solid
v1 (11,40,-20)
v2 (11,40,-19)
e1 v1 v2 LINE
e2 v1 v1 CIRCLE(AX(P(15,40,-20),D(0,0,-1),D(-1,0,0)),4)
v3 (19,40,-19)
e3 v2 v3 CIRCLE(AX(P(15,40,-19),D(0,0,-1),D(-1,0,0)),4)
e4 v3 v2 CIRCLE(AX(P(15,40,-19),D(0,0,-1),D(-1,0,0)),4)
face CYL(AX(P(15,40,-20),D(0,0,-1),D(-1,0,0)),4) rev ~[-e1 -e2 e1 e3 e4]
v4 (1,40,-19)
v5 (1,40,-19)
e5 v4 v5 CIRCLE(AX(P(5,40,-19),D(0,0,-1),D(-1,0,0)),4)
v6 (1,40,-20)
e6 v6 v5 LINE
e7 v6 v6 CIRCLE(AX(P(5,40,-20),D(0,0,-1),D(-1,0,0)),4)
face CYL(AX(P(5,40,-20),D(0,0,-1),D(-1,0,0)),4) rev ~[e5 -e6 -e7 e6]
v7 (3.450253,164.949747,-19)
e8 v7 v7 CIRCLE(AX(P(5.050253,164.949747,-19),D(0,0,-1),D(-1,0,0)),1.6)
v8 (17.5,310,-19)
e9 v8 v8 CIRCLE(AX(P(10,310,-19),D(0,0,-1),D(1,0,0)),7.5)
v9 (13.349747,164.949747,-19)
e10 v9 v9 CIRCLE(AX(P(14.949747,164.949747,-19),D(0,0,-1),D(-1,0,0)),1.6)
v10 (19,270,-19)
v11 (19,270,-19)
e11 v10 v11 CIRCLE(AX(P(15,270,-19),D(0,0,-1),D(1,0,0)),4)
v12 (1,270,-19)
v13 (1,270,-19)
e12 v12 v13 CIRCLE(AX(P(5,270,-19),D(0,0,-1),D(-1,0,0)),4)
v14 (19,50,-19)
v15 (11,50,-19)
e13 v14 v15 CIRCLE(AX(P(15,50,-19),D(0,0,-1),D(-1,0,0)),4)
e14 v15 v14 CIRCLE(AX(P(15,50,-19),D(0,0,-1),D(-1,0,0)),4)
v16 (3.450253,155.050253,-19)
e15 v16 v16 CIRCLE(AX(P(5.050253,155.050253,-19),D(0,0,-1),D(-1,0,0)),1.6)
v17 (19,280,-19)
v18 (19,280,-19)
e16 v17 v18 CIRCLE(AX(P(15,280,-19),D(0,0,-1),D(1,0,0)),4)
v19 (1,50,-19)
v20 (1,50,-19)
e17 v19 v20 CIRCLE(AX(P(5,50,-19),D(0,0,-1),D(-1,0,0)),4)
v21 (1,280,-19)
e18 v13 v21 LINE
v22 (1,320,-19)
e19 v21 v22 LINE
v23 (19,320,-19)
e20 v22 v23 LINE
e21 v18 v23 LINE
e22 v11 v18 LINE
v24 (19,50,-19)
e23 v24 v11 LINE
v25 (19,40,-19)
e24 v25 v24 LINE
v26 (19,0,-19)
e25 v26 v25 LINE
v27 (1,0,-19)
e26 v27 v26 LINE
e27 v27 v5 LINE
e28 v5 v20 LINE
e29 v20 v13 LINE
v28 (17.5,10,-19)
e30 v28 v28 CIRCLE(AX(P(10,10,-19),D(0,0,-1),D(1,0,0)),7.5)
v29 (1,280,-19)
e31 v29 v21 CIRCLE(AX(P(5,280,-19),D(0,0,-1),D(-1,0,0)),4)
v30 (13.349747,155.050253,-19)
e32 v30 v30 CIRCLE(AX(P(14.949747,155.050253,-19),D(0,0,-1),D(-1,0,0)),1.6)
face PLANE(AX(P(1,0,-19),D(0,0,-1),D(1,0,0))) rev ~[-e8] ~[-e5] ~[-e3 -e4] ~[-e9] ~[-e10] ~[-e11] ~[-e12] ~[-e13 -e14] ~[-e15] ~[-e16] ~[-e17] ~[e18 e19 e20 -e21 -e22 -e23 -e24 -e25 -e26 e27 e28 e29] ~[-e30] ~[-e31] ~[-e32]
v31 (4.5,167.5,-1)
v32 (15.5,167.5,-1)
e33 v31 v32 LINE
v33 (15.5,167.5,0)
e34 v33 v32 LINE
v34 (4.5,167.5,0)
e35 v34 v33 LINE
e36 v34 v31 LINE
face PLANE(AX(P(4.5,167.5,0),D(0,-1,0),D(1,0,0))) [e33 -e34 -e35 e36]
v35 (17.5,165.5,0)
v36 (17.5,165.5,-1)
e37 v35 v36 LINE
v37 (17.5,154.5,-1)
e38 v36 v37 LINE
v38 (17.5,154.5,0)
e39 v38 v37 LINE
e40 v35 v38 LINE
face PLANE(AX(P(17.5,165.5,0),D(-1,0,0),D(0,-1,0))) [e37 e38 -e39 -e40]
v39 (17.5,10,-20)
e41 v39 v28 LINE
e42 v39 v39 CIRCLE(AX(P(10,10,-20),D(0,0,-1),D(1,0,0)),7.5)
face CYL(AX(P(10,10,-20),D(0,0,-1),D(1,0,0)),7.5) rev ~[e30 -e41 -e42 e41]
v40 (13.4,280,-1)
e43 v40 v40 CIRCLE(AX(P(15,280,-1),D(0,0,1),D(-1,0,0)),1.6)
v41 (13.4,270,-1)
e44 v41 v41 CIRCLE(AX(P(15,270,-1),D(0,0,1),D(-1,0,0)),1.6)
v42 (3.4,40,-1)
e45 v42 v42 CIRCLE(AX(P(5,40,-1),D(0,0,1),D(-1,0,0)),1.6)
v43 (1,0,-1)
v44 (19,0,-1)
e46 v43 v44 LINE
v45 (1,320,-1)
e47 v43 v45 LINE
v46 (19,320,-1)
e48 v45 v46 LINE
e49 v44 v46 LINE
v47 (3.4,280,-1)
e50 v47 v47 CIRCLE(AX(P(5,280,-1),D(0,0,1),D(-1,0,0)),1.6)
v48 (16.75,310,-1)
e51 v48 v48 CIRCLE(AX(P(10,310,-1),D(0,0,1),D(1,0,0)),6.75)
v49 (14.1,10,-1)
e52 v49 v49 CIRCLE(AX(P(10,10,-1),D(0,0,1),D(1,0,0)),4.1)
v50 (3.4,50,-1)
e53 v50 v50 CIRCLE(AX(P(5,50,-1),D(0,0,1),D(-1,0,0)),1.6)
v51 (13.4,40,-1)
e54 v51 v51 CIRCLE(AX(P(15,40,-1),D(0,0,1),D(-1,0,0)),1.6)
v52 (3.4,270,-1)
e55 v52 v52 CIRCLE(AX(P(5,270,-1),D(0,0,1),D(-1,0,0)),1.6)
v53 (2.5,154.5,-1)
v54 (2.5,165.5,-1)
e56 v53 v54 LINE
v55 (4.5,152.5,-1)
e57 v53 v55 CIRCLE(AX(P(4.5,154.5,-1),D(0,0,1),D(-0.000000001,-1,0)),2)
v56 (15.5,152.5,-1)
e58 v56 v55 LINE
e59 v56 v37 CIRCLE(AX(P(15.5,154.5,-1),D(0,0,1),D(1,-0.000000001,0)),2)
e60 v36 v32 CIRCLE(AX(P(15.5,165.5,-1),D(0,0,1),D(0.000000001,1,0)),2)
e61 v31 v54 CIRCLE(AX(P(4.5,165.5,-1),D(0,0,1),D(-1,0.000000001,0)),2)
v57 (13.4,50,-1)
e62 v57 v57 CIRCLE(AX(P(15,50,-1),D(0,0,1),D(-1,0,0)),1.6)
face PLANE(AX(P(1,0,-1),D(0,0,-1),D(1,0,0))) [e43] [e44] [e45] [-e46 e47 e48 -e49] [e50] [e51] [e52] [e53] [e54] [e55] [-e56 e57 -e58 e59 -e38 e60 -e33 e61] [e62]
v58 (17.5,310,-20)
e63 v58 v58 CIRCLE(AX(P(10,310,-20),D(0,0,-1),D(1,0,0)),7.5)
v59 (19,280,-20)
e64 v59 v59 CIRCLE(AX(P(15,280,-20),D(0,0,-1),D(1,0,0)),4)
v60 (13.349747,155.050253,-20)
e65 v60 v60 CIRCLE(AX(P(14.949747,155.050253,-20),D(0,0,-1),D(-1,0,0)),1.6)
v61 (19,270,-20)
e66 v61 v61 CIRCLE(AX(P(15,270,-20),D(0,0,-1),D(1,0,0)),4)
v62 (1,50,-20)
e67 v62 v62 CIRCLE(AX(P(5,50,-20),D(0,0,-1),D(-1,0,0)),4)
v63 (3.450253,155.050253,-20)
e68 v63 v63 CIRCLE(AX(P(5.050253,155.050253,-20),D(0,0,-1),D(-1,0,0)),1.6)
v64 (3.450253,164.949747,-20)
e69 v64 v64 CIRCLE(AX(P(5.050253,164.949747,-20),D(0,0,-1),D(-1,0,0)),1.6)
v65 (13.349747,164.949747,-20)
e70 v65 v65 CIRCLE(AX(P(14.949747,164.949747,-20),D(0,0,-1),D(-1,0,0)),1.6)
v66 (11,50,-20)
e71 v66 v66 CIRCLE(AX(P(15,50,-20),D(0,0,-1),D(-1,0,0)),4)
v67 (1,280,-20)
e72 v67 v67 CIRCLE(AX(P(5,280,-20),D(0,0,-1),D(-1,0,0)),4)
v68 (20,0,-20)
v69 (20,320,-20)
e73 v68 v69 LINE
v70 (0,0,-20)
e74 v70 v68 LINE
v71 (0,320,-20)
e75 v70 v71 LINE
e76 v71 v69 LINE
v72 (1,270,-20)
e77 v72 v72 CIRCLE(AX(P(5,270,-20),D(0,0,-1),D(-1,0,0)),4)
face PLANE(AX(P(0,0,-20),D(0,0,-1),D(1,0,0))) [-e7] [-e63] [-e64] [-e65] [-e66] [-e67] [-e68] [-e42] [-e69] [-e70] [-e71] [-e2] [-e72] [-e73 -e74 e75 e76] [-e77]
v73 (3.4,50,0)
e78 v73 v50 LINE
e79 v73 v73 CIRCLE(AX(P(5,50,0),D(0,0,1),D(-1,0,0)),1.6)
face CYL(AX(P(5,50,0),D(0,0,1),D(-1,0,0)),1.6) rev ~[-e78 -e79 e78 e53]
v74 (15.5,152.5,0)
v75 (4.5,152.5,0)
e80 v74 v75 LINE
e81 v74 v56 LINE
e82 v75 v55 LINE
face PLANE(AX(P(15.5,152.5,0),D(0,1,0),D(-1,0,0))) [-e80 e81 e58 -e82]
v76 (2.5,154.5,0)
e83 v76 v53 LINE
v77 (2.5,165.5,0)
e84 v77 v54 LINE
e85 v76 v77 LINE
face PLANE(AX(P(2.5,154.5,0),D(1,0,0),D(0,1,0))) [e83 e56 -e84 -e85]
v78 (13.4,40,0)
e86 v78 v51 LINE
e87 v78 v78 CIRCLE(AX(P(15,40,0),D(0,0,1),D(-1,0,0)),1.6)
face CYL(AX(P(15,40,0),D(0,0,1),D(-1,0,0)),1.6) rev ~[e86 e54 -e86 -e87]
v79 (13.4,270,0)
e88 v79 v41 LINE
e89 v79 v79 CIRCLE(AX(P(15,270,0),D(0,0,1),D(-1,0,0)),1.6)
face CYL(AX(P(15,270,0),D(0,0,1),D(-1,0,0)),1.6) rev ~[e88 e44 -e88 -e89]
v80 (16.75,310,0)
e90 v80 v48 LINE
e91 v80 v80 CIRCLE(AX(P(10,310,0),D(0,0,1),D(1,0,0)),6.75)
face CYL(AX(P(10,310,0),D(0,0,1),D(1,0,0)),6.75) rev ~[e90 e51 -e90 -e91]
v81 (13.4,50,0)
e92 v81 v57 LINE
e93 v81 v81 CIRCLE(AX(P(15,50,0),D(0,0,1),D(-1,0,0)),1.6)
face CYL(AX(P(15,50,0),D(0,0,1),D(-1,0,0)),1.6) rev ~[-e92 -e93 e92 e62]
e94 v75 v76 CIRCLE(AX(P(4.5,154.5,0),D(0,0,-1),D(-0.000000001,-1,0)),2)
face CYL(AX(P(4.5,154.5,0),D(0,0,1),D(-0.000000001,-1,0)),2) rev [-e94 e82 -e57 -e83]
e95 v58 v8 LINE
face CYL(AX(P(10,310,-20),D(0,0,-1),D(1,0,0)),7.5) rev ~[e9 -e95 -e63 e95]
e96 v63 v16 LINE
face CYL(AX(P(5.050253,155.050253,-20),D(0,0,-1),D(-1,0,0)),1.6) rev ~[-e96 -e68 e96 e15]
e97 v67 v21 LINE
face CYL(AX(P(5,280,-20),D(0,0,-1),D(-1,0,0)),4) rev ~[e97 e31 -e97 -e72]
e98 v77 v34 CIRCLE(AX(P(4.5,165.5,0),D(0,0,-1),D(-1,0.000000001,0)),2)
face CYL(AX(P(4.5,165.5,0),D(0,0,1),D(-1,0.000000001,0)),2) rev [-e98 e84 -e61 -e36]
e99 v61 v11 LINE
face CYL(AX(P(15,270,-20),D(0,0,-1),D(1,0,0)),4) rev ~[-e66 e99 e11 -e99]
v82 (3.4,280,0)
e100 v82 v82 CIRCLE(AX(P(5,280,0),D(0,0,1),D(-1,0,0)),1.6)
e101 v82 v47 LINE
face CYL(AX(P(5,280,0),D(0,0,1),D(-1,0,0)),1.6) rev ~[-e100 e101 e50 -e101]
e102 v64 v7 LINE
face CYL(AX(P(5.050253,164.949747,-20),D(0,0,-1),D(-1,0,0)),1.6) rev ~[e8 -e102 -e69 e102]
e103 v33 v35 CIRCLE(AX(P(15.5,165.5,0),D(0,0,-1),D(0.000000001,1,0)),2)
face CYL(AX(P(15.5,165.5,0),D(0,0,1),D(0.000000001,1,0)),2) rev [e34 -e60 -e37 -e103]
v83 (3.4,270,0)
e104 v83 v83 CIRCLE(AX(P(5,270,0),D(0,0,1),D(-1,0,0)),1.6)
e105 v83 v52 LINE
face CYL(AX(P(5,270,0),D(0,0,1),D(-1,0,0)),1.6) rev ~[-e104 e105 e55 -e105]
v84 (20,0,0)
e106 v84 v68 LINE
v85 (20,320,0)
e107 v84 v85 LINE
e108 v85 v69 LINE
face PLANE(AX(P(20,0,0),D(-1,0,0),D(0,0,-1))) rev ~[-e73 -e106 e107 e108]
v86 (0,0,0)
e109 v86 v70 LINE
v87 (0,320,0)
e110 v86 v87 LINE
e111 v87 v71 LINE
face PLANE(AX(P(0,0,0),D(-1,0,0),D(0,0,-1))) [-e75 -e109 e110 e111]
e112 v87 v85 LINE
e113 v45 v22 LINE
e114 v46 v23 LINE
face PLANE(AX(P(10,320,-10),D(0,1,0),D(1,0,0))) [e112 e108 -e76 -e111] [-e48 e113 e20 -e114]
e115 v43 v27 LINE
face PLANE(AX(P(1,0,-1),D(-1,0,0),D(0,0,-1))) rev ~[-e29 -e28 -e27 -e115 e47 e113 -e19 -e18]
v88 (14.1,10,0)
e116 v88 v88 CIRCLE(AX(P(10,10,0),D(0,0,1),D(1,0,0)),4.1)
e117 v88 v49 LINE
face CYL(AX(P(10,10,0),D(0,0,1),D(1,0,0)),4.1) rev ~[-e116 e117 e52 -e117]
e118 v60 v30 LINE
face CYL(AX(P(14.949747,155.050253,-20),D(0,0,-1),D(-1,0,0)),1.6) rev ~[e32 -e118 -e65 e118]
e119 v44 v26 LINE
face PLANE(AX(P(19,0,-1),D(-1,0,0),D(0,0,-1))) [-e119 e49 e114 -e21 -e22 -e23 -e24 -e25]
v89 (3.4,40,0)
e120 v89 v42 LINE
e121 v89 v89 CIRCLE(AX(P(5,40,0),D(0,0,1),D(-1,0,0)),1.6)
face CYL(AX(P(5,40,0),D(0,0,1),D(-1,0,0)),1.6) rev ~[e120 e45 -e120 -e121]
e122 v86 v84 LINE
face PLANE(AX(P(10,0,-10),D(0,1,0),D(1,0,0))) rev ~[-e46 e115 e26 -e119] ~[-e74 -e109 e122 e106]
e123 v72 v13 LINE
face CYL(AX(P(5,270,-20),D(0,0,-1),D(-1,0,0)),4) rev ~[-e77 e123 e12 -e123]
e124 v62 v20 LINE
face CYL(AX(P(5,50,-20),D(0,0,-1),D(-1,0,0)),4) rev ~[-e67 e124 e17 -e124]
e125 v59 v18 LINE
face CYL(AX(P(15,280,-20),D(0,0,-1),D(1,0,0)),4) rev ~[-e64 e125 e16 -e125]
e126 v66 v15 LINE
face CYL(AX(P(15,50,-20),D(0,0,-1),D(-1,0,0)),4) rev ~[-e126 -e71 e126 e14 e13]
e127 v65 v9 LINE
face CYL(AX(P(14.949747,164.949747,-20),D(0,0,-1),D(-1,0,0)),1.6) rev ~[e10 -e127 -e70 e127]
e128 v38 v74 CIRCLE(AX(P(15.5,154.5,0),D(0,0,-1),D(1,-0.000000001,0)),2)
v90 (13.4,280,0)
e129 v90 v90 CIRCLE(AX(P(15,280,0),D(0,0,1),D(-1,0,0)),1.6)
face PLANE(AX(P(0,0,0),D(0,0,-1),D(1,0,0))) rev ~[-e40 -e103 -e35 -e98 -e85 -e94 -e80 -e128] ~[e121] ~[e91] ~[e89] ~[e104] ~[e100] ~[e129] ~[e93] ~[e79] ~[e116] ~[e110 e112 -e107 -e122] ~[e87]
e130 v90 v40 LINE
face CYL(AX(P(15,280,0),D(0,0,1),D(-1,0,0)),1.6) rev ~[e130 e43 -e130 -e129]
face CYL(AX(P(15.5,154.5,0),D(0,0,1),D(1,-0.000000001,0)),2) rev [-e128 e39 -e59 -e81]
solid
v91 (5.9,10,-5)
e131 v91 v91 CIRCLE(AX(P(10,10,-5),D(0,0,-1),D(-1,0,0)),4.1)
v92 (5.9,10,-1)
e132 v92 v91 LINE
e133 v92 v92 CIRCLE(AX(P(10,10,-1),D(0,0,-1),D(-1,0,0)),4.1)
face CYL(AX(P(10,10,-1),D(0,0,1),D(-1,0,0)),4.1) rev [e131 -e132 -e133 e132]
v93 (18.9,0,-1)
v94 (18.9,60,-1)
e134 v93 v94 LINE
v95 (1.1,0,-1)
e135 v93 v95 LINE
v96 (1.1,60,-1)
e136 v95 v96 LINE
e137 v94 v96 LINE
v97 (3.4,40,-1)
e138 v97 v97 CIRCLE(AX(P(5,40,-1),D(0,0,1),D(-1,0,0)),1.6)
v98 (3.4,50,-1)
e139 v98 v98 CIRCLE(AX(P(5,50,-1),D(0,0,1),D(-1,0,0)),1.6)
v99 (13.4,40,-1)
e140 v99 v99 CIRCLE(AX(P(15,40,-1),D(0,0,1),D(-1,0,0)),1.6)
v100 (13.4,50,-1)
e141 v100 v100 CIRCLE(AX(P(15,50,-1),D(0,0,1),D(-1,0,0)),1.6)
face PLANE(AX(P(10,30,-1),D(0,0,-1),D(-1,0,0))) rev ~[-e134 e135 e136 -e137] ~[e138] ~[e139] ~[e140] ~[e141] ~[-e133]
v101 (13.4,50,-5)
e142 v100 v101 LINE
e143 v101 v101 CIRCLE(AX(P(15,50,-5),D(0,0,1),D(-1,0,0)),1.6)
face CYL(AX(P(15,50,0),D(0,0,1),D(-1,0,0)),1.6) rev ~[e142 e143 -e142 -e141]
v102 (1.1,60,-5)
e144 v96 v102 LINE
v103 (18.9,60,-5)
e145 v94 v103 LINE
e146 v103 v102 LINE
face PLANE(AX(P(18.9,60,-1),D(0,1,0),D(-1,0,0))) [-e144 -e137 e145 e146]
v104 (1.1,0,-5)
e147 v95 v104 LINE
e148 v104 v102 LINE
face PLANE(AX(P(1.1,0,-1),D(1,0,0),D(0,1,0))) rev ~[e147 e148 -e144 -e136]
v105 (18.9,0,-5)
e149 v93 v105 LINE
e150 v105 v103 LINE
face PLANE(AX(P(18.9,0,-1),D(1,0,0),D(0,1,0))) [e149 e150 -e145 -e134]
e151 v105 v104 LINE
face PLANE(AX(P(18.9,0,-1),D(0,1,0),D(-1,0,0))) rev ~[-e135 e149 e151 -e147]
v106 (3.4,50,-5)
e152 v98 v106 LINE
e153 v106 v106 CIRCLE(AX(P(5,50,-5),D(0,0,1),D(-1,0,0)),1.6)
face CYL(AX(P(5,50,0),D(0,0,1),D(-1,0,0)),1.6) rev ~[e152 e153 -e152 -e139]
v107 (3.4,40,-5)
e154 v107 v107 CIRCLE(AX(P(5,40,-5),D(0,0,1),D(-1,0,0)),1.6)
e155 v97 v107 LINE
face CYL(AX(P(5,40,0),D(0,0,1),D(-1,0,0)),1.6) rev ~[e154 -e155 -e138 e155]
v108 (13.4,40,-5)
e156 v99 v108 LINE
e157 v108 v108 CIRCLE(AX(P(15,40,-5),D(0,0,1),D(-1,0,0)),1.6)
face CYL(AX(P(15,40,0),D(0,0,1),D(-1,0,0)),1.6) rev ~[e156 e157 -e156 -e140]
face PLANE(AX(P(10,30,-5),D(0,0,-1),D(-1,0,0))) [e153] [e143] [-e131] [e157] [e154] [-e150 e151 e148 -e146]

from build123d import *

# Parameters (mm, degrees)
SKETCH_1_W                      = 20
SKETCH_1_H                      = 20
SKETCH_1_W_2                    = 18
SKETCH_1_H_2                    = 18
EXTRUDE_1_DEPTH                 = 320
SKETCH_2_R                      = 1.6
CUT_EXTRUDE_1_DEPTH             = 322.247568084
CUT_EXTRUDE_2_REACH             = 323.248
SKETCH_4_R                      = 4.1
SKETCH_4_R_2                    = 6.75
CUT_EXTRUDE_3_DEPTH             = 322.247568084
CUT_EXTRUDE_4_REACH             = 323.248
SKETCH_5_R                      = 7.5
CUT_EXTRUDE_4_DIRECTION_2_DEPTH = 322.247568084
SKETCH_8_W                      = 17.8
SKETCH_8_H                      = 60
SKETCH_8_R                      = 4.1
EXTRUDE_3_DEPTH                 = 4
SKETCH_9_R                      = 1.6
CUT_EXTRUDE_5_DEPTH             = 322.247568084
SKETCH_10_R                     = 4
CUT_EXTRUDE_6_DEPTH             = 1


with BuildPart() as part:
    # 草图1 → 凸台-拉伸1 (new body)
    with BuildSketch(Plane(origin=(0, 0, 0), x_dir=(1, 0, 0), z_dir=(0, 1, 0))):
        with Locations((10, 10)):
            Rectangle(SKETCH_1_W, SKETCH_1_H)
        with Locations((10, 10)):
            Rectangle(SKETCH_1_W_2, SKETCH_1_H_2, mode=Mode.SUBTRACT)
    extrude(amount=EXTRUDE_1_DEPTH)

    # 草图2 → 切除-拉伸1 (cut, through all)
    with BuildSketch(Plane(origin=(0, 0, -20), x_dir=(-1, 0, 0), z_dir=(0, 0, -1))):
        with Locations((-14.949747468, 155.050252532)):
            Circle(SKETCH_2_R)
        with Locations((-14.949747468, 164.949747468)):
            Circle(SKETCH_2_R)
        with Locations((-5.050252532, 164.949747468)):
            Circle(SKETCH_2_R)
        with Locations((-5.050252532, 155.050252532)):
            Circle(SKETCH_2_R)
    extrude(amount=-CUT_EXTRUDE_1_DEPTH, mode=Mode.SUBTRACT)

    # 草图3 → 切除-拉伸2 (cut, up to next)
    with BuildSketch(Plane.XY, mode=Mode.PRIVATE) as cut_extrude_2_sk1:
        with BuildLine():
            Line((4.5, 167.5), (15.5, 167.5))
            ThreePointArc((15.5, 167.5), (16.914213562, 166.914213562), (17.5, 165.5))
            Line((17.5, 165.5), (17.5, 154.5))
            ThreePointArc((17.5, 154.5), (16.914213562, 153.085786438), (15.5, 152.5))
            Line((15.5, 152.5), (4.5, 152.5))
            ThreePointArc((4.5, 152.5), (3.085786438, 153.085786438), (2.5, 154.5))
            Line((2.5, 154.5), (2.5, 165.5))
            ThreePointArc((2.5, 165.5), (3.085786438, 166.914213562), (4.5, 167.5))
        make_face()
    cut_extrude_2_tool1 = extrude(cut_extrude_2_sk1.sketch, amount=-CUT_EXTRUDE_2_REACH, mode=Mode.PRIVATE) & part.part
    add(cut_extrude_2_tool1.solids().sort_by_distance((10, 160, 0))[0], mode=Mode.SUBTRACT)

    # 草图4 → 切除-拉伸3 (cut, through all)
    with BuildSketch(Plane.XY):
        with Locations((10, 10)):
            Circle(SKETCH_4_R)
        with Locations((10, 310)):
            Circle(SKETCH_4_R_2)
    extrude(amount=-CUT_EXTRUDE_3_DEPTH, mode=Mode.SUBTRACT)

    # 草图5 → 切除-拉伸4 (cut, up to next)
    with BuildSketch(Plane(origin=(0, 0, -20), x_dir=(-1, 0, 0), z_dir=(0, 0, -1)), mode=Mode.PRIVATE) as cut_extrude_4_sk1:
        with Locations(Location((-10, 10, 0), (0, 0, 180))):
            Circle(SKETCH_5_R)
    cut_extrude_4_tool1 = extrude(cut_extrude_4_sk1.sketch, amount=-CUT_EXTRUDE_4_REACH, mode=Mode.PRIVATE) & part.part
    # 草图5 → 切除-拉伸4 (cut, up to next)
    with BuildSketch(Plane(origin=(0, 0, -20), x_dir=(-1, 0, 0), z_dir=(0, 0, -1)), mode=Mode.PRIVATE) as cut_extrude_4_sk2:
        with Locations(Location((-10, 310, 0), (0, 0, 180))):
            Circle(SKETCH_5_R)
    cut_extrude_4_tool2 = extrude(cut_extrude_4_sk2.sketch, amount=-CUT_EXTRUDE_4_REACH, mode=Mode.PRIVATE) & part.part
    add(cut_extrude_4_tool1.solids().sort_by_distance((10, 10, -20))[0], mode=Mode.SUBTRACT)
    add(cut_extrude_4_tool2.solids().sort_by_distance((10, 310, -20))[0], mode=Mode.SUBTRACT)

    # 草图5 → 切除-拉伸4 direction 2 (cut)
    with BuildSketch(Plane(origin=(0, 0, -20), x_dir=(-1, 0, 0), z_dir=(0, 0, -1))):
        with Locations(Location((-10, 10, 0), (0, 0, 180))):
            Circle(SKETCH_5_R)
        with Locations(Location((-10, 310, 0), (0, 0, 180))):
            Circle(SKETCH_5_R)
    extrude(amount=CUT_EXTRUDE_4_DIRECTION_2_DEPTH, mode=Mode.SUBTRACT)


with BuildPart() as body_2:
    # 草图8 → 凸台-拉伸3 (new body)
    with BuildSketch(Plane(origin=(0, 0, -1), x_dir=(-1, 0, 0), z_dir=(0, 0, -1))):
        with Locations((-10, 30)):
            Rectangle(SKETCH_8_W, SKETCH_8_H)
        with Locations((-10, 10)):
            Circle(SKETCH_8_R, mode=Mode.SUBTRACT)
    extrude(amount=EXTRUDE_3_DEPTH)


with BuildPart() as cut_extrude_5_tool:
    # 草图9 → 切除-拉伸5 (new, through all)
    with BuildSketch(Plane.XY):
        with Locations(Location((15, 40, 0), (0, 0, 180))):
            Circle(SKETCH_9_R)
        with Locations(Location((5, 40, 0), (0, 0, 180))):
            Circle(SKETCH_9_R)
        with Locations(Location((5, 50, 0), (0, 0, 180))):
            Circle(SKETCH_9_R)
        with Locations(Location((15, 50, 0), (0, 0, 180))):
            Circle(SKETCH_9_R)
        with Locations(Location((15, 280, 0), (0, 0, 180))):
            Circle(SKETCH_9_R)
        with Locations(Location((5, 280, 0), (0, 0, 180))):
            Circle(SKETCH_9_R)
        with Locations(Location((5, 270, 0), (0, 0, 180))):
            Circle(SKETCH_9_R)
        with Locations(Location((15, 270, 0), (0, 0, 180))):
            Circle(SKETCH_9_R)
    extrude(amount=-CUT_EXTRUDE_5_DEPTH)


with BuildPart() as part_1:
    add(part.part)

    # 切除-拉伸5: cut by cut_extrude_5_tool
    add(cut_extrude_5_tool.part, mode=Mode.SUBTRACT)

    # 草图10 → 切除-拉伸6 (cut)
    with BuildSketch(Plane(origin=(0, 0, -20), x_dir=(-1, 0, 0), z_dir=(0, 0, -1))):
        with Locations((-5, 50)):
            Circle(SKETCH_10_R)
        with Locations((-5, 40)):
            Circle(SKETCH_10_R)
        with Locations((-15, 50)):
            Circle(SKETCH_10_R)
        with Locations((-15, 40)):
            Circle(SKETCH_10_R)
        with Locations(Location((-15, 280, 0), (0, 0, 180))):
            Circle(SKETCH_10_R)
        with Locations(Location((-15, 270, 0), (0, 0, 180))):
            Circle(SKETCH_10_R)
        with Locations((-5, 280)):
            Circle(SKETCH_10_R)
        with Locations((-5, 270)):
            Circle(SKETCH_10_R)
    extrude(amount=-CUT_EXTRUDE_6_DEPTH, mode=Mode.SUBTRACT)


with BuildPart() as body_2_1:
    add(body_2.part)

    # 切除-拉伸5: cut by cut_extrude_5_tool
    add(cut_extrude_5_tool.part, mode=Mode.SUBTRACT)


solid = Compound([part_1.part, body_2_1.part])
